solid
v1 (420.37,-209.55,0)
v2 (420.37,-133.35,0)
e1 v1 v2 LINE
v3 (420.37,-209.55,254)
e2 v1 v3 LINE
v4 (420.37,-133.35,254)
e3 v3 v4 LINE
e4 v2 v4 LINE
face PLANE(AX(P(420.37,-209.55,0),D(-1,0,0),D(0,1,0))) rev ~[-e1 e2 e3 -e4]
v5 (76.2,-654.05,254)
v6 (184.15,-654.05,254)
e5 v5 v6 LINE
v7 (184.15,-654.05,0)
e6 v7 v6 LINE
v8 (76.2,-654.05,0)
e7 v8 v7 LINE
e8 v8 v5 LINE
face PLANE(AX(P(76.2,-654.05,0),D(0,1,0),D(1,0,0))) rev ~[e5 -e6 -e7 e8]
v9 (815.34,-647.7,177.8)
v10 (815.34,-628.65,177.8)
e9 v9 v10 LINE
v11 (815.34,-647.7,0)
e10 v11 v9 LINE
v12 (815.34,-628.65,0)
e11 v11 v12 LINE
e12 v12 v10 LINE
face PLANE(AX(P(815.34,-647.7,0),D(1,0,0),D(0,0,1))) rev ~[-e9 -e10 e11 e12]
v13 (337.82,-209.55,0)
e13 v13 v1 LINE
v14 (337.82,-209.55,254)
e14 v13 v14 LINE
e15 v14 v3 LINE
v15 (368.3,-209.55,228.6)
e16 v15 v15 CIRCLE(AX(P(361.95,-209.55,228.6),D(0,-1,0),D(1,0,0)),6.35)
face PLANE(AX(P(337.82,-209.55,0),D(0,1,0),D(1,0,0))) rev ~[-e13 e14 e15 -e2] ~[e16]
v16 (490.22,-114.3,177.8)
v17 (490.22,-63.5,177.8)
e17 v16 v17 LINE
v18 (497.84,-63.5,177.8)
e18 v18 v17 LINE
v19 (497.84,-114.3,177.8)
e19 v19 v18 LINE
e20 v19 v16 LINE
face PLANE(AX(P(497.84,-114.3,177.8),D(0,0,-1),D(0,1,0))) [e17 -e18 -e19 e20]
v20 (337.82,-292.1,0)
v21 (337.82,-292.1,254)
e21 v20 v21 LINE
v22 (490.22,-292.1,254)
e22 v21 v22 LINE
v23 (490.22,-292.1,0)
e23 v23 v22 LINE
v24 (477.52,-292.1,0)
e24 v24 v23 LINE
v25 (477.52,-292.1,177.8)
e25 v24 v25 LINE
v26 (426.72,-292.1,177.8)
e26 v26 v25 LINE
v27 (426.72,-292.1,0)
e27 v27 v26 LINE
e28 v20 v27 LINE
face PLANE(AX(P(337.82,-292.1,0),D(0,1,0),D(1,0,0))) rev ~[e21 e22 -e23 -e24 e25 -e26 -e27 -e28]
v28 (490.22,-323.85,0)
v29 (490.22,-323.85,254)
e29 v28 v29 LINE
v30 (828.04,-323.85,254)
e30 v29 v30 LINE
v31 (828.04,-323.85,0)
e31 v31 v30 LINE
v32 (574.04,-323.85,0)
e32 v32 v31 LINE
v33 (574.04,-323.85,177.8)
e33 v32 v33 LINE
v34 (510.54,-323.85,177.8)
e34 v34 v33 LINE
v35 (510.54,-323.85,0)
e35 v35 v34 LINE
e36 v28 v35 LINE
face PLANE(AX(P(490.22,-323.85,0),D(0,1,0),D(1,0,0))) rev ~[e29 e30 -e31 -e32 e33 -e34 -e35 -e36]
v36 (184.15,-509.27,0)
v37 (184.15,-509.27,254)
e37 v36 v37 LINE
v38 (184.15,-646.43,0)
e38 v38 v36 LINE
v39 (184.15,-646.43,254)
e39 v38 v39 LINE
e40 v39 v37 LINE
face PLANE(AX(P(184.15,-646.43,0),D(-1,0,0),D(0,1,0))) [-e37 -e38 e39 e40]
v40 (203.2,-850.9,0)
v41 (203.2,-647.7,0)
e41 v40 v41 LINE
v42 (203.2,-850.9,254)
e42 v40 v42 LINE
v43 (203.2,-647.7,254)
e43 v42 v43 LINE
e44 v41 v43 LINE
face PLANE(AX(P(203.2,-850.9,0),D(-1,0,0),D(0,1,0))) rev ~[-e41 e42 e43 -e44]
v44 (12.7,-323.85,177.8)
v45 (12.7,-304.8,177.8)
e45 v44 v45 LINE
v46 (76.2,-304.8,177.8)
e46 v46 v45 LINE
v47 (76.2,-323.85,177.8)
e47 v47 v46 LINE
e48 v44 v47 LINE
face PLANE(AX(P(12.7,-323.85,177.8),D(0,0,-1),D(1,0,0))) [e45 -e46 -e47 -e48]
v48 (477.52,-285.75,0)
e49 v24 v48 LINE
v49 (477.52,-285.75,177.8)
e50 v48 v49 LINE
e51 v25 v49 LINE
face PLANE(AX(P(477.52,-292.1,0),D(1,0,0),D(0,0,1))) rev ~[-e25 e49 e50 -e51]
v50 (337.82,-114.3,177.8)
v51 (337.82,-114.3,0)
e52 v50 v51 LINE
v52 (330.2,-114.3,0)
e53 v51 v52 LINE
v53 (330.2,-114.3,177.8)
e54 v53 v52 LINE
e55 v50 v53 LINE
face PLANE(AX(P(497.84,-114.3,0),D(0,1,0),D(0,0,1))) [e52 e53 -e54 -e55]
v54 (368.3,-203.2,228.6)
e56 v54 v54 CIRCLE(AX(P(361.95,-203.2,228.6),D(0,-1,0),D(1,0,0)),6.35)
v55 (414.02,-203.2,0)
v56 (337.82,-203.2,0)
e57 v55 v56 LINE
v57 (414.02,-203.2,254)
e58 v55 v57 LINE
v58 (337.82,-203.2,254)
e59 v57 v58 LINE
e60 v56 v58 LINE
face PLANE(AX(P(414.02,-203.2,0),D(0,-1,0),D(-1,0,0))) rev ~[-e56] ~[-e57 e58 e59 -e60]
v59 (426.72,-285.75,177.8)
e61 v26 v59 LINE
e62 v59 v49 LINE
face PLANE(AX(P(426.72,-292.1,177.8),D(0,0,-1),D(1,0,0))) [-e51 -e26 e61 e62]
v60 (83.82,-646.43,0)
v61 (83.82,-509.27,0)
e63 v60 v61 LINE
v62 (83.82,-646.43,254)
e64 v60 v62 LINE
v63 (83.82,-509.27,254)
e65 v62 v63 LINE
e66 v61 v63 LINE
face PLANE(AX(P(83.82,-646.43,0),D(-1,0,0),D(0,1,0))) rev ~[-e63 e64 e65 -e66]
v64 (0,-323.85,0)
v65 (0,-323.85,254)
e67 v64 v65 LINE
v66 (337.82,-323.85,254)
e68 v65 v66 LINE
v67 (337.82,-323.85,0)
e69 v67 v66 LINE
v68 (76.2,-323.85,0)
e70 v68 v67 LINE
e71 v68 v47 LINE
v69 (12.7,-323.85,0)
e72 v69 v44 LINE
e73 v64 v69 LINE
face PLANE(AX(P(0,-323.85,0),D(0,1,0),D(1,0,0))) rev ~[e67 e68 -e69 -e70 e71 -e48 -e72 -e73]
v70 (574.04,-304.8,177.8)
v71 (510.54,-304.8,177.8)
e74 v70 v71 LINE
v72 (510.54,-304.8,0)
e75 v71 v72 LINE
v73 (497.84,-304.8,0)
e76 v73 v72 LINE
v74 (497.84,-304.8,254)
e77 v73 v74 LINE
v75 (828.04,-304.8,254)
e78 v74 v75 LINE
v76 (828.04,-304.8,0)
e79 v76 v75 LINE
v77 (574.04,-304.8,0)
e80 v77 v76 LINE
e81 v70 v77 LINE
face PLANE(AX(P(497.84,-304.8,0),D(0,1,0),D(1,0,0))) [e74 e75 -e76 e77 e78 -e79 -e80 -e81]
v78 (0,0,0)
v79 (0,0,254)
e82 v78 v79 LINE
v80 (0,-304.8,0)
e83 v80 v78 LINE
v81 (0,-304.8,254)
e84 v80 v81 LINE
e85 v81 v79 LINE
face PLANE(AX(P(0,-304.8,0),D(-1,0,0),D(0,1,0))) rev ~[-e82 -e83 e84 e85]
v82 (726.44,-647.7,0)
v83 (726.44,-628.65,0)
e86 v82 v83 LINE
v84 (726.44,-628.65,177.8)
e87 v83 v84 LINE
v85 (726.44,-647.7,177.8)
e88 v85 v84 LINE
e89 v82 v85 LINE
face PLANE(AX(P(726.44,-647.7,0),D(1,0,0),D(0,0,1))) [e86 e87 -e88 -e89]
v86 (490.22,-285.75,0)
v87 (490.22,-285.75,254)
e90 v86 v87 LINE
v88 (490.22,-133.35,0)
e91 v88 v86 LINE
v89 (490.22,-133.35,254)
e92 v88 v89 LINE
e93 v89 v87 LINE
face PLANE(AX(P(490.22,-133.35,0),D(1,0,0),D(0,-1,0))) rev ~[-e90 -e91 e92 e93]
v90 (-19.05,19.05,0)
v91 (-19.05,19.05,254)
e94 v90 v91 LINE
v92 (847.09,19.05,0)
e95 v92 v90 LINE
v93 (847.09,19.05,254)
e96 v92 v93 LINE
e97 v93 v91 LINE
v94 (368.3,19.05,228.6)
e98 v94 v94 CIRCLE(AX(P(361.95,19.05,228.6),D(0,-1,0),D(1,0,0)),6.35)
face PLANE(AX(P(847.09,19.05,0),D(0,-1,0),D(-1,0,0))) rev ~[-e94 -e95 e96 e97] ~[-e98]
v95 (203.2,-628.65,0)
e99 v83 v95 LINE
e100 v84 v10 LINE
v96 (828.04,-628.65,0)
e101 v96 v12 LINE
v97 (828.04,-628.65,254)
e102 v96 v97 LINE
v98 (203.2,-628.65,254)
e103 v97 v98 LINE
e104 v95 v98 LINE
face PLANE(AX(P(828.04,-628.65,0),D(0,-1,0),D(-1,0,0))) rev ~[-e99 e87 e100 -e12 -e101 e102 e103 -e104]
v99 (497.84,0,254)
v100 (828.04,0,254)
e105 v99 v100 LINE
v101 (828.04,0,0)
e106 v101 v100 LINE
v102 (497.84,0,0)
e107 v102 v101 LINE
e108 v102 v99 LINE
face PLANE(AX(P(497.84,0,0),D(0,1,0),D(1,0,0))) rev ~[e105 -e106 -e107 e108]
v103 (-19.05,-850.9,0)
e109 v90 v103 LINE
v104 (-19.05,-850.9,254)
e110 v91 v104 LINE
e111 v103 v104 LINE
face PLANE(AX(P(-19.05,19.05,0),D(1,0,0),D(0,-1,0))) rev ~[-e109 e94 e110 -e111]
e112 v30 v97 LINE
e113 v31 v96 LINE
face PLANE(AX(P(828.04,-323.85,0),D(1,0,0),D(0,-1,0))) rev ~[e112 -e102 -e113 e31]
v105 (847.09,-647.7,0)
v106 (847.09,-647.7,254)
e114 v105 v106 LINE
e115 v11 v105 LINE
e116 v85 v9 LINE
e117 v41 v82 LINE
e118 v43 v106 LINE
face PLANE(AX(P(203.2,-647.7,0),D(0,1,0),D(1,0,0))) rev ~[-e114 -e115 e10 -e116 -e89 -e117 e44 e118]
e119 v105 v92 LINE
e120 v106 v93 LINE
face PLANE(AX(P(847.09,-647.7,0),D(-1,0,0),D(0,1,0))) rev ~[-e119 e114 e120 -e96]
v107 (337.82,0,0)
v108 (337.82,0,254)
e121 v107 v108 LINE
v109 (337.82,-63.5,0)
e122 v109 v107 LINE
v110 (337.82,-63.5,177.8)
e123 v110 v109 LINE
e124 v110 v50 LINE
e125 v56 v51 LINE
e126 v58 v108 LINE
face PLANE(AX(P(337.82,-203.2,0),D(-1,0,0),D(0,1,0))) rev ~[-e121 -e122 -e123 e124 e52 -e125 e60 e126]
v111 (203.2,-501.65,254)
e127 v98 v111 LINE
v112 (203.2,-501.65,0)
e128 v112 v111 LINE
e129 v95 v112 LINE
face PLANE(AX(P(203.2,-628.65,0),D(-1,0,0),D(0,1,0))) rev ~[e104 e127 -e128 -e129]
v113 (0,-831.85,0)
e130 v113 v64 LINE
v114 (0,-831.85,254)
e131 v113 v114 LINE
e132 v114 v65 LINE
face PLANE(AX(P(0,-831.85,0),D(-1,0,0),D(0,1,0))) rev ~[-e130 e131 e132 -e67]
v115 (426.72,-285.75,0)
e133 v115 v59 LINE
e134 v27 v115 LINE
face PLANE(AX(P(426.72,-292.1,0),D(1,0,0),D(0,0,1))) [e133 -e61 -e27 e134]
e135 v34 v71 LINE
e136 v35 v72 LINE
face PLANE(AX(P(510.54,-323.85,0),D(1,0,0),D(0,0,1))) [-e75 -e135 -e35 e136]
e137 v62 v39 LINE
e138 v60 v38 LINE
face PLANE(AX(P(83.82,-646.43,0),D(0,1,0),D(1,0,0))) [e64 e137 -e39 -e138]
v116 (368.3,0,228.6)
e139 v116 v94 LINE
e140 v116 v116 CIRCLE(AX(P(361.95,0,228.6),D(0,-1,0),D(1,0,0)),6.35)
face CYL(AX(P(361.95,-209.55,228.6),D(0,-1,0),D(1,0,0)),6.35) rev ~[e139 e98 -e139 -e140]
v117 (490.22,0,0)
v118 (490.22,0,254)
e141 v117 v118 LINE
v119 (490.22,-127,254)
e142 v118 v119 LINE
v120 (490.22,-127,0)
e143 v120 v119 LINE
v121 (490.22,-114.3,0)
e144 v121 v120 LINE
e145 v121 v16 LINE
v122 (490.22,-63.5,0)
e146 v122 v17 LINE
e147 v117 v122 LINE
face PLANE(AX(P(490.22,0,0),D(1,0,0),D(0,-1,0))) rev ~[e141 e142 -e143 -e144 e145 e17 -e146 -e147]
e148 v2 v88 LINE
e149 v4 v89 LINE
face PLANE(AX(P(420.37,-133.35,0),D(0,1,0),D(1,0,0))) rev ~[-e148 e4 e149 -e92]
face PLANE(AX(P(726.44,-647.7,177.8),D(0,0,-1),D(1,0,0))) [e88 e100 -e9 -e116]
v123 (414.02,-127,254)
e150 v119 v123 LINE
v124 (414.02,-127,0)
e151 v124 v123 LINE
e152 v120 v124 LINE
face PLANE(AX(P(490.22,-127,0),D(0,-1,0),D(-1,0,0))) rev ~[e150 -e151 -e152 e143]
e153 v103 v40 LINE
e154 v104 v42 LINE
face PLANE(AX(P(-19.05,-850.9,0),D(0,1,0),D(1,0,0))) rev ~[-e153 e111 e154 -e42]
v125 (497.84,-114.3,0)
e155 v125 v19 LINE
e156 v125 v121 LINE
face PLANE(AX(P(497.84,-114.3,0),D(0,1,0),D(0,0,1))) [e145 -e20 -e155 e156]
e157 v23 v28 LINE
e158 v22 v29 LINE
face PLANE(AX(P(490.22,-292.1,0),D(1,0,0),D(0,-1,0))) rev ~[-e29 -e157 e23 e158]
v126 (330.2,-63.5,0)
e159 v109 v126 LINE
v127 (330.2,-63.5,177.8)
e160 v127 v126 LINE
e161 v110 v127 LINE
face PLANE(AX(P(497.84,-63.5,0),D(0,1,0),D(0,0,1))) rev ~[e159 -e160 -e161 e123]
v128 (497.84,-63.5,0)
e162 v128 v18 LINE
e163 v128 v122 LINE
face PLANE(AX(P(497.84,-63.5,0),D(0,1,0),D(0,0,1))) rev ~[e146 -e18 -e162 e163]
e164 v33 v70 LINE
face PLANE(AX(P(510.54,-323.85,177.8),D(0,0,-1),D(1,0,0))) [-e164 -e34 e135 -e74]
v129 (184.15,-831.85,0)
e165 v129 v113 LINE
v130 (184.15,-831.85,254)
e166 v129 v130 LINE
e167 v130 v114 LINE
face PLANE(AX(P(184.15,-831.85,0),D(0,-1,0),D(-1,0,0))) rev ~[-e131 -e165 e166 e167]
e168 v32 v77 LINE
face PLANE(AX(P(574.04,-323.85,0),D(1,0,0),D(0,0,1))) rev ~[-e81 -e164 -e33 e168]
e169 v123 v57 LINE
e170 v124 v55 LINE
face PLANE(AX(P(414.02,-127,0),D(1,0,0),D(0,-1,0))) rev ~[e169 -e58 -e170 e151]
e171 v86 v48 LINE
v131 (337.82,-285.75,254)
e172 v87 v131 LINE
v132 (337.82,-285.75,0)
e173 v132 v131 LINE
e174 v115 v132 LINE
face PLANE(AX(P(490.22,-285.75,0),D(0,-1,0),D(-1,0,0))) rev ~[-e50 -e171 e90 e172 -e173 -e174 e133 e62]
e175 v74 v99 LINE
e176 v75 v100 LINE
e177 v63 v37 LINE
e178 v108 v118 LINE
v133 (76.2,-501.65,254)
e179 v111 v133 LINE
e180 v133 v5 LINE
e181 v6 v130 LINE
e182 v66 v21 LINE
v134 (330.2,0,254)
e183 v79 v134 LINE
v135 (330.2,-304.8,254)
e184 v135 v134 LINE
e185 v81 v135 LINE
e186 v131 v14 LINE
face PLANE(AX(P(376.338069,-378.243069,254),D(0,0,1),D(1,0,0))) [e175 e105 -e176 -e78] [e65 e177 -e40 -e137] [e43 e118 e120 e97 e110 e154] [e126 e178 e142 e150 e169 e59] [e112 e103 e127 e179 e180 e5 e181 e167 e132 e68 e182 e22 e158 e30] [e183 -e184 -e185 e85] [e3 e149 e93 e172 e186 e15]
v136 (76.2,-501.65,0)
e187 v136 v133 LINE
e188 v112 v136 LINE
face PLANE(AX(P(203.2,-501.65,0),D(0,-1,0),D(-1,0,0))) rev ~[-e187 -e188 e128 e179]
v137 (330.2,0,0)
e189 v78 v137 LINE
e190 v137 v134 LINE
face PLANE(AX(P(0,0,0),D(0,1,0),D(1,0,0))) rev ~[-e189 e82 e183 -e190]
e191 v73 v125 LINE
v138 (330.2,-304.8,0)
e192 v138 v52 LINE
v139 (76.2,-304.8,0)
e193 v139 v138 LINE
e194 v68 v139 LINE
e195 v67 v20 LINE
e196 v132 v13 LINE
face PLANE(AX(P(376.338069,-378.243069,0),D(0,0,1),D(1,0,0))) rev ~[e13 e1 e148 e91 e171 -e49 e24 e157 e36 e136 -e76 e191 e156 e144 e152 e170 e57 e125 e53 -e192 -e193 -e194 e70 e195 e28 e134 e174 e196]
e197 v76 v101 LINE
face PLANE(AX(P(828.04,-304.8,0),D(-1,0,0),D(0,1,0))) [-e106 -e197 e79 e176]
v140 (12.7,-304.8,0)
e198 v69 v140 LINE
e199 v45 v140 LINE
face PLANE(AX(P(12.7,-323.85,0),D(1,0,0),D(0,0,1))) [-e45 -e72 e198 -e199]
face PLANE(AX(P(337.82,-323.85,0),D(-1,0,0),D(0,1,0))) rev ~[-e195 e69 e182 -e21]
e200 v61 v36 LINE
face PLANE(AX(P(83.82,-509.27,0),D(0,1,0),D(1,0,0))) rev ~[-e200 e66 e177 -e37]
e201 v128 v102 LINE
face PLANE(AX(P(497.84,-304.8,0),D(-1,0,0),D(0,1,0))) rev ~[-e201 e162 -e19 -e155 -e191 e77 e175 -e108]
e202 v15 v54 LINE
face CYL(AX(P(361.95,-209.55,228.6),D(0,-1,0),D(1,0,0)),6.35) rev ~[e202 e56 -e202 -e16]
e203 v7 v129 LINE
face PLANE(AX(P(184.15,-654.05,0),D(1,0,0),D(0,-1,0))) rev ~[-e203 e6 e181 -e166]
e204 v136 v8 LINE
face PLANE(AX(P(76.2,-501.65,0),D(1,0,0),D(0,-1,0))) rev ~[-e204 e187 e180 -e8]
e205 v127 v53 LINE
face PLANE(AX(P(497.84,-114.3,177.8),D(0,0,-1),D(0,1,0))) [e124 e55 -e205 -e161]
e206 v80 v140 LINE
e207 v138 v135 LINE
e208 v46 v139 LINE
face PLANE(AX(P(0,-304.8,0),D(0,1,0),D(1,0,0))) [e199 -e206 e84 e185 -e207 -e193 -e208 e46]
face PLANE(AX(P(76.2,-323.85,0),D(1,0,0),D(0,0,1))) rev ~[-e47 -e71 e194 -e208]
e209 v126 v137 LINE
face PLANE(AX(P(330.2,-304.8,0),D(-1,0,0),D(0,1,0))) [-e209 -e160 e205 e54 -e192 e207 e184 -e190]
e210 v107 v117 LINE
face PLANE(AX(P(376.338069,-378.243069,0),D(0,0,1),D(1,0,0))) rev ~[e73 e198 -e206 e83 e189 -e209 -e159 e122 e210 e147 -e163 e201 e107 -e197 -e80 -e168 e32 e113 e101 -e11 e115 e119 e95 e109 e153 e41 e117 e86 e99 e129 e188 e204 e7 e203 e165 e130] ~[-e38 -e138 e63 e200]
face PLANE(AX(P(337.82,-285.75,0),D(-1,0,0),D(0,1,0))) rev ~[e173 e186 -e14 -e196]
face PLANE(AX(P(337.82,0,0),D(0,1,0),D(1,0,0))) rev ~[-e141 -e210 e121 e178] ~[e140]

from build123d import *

# Parameters (mm, degrees)
F0_W      = 100.33
F0_H      = 137.16
F0_W_2    = 330.2
F0_H_2    = 304.8
F1_DEPTH  = 254
F2_W      = 50.8
F2_H      = 177.8
F3_DEPTH  = 25.4
F4_W      = 50.8
F4_H      = 177.8
F5_DEPTH  = 177.8
F6_W      = 63.5
F6_H      = 177.8
F7_DEPTH  = 25.4
F8_W      = 63.5
F8_H      = 177.8
F9_DEPTH  = 25.4
F10_W     = 88.9
F10_H     = 177.8
F11_DEPTH = 25.4
F12_R     = 6.35
F13_DEPTH = 228.6


with BuildPart() as f1:
    # F0 (on Top) → F1 (new body)
    with BuildSketch(Plane.XY):
        Polygon((847.09, 19.05), (-19.05, 19.05), (-19.05, -323.85), (-19.05, -850.9), (203.2, -850.9), (203.2, -647.7), (847.09, -647.7), align=None)
        with Locations((133.985, -577.85)):
            Rectangle(F0_W, F0_H, mode=Mode.SUBTRACT)
        Polygon((828.04, -628.65), (203.2, -628.65), (203.2, -501.65), (76.2, -501.65), (76.2, -654.05), (184.15, -654.05), (184.15, -831.85), (0, -831.85), (0, -323.85), (337.82, -323.85), (337.82, -292.1), (490.22, -292.1), (490.22, -323.85), (668.02, -323.85), (675.64, -323.85), (828.04, -323.85), (828.04, -450.85), (828.04, -458.47), align=None, mode=Mode.SUBTRACT)
        with Locations((165.1, -152.4)):
            Rectangle(F0_W_2, F0_H_2, mode=Mode.SUBTRACT)
        Polygon((337.82, -285.75), (337.82, -209.55), (420.37, -209.55), (420.37, -133.35), (490.22, -133.35), (490.22, -285.75), align=None, mode=Mode.SUBTRACT)
        Polygon((337.82, -203.2), (337.82, 0), (490.22, 0), (490.22, -127), (414.02, -127), (414.02, -203.2), align=None, mode=Mode.SUBTRACT)
        with Locations((662.94, -152.4)):
            Rectangle(F0_W_2, F0_H_2, mode=Mode.SUBTRACT)
    extrude(amount=F1_DEPTH)

    # F2 (on face) → F3 (cut)
    with BuildSketch(Plane.XZ.offset(292.1)):
        with Locations((452.12, 88.9)):
            Rectangle(F2_W, F2_H)
    extrude(amount=-F3_DEPTH, mode=Mode.SUBTRACT)

    # F4 (on face) → F5 (cut)
    with BuildSketch(Plane.YZ.offset(497.84)):
        with Locations((-88.9, 88.9)):
            Rectangle(F4_W, F4_H)
    extrude(amount=-F5_DEPTH, mode=Mode.SUBTRACT)

    # F6 (on face) → F7 (cut)
    with BuildSketch(Plane.XZ.offset(323.85)):
        with Locations((44.45, 88.9)):
            Rectangle(F6_W, F6_H)
    extrude(amount=-F7_DEPTH, mode=Mode.SUBTRACT)

    # F8 (on face) → F9 (cut)
    with BuildSketch(Plane.XZ.offset(323.85)):
        with Locations((542.29, 88.9)):
            Rectangle(F8_W, F8_H)
    extrude(amount=-F9_DEPTH, mode=Mode.SUBTRACT)

    # F10 (on face) → F11 (cut)
    with BuildSketch(Plane.XZ.offset(647.7)):
        with Locations((770.89, 88.9)):
            Rectangle(F10_W, F10_H)
    extrude(amount=-F11_DEPTH, mode=Mode.SUBTRACT)

    # F12 (on face) → F13 (cut)
    with BuildSketch(Plane.XZ.offset(209.55)):
        with Locations((361.95, 228.6)):
            Circle(F12_R)
    extrude(amount=-F13_DEPTH, mode=Mode.SUBTRACT)


solid = f1.part
